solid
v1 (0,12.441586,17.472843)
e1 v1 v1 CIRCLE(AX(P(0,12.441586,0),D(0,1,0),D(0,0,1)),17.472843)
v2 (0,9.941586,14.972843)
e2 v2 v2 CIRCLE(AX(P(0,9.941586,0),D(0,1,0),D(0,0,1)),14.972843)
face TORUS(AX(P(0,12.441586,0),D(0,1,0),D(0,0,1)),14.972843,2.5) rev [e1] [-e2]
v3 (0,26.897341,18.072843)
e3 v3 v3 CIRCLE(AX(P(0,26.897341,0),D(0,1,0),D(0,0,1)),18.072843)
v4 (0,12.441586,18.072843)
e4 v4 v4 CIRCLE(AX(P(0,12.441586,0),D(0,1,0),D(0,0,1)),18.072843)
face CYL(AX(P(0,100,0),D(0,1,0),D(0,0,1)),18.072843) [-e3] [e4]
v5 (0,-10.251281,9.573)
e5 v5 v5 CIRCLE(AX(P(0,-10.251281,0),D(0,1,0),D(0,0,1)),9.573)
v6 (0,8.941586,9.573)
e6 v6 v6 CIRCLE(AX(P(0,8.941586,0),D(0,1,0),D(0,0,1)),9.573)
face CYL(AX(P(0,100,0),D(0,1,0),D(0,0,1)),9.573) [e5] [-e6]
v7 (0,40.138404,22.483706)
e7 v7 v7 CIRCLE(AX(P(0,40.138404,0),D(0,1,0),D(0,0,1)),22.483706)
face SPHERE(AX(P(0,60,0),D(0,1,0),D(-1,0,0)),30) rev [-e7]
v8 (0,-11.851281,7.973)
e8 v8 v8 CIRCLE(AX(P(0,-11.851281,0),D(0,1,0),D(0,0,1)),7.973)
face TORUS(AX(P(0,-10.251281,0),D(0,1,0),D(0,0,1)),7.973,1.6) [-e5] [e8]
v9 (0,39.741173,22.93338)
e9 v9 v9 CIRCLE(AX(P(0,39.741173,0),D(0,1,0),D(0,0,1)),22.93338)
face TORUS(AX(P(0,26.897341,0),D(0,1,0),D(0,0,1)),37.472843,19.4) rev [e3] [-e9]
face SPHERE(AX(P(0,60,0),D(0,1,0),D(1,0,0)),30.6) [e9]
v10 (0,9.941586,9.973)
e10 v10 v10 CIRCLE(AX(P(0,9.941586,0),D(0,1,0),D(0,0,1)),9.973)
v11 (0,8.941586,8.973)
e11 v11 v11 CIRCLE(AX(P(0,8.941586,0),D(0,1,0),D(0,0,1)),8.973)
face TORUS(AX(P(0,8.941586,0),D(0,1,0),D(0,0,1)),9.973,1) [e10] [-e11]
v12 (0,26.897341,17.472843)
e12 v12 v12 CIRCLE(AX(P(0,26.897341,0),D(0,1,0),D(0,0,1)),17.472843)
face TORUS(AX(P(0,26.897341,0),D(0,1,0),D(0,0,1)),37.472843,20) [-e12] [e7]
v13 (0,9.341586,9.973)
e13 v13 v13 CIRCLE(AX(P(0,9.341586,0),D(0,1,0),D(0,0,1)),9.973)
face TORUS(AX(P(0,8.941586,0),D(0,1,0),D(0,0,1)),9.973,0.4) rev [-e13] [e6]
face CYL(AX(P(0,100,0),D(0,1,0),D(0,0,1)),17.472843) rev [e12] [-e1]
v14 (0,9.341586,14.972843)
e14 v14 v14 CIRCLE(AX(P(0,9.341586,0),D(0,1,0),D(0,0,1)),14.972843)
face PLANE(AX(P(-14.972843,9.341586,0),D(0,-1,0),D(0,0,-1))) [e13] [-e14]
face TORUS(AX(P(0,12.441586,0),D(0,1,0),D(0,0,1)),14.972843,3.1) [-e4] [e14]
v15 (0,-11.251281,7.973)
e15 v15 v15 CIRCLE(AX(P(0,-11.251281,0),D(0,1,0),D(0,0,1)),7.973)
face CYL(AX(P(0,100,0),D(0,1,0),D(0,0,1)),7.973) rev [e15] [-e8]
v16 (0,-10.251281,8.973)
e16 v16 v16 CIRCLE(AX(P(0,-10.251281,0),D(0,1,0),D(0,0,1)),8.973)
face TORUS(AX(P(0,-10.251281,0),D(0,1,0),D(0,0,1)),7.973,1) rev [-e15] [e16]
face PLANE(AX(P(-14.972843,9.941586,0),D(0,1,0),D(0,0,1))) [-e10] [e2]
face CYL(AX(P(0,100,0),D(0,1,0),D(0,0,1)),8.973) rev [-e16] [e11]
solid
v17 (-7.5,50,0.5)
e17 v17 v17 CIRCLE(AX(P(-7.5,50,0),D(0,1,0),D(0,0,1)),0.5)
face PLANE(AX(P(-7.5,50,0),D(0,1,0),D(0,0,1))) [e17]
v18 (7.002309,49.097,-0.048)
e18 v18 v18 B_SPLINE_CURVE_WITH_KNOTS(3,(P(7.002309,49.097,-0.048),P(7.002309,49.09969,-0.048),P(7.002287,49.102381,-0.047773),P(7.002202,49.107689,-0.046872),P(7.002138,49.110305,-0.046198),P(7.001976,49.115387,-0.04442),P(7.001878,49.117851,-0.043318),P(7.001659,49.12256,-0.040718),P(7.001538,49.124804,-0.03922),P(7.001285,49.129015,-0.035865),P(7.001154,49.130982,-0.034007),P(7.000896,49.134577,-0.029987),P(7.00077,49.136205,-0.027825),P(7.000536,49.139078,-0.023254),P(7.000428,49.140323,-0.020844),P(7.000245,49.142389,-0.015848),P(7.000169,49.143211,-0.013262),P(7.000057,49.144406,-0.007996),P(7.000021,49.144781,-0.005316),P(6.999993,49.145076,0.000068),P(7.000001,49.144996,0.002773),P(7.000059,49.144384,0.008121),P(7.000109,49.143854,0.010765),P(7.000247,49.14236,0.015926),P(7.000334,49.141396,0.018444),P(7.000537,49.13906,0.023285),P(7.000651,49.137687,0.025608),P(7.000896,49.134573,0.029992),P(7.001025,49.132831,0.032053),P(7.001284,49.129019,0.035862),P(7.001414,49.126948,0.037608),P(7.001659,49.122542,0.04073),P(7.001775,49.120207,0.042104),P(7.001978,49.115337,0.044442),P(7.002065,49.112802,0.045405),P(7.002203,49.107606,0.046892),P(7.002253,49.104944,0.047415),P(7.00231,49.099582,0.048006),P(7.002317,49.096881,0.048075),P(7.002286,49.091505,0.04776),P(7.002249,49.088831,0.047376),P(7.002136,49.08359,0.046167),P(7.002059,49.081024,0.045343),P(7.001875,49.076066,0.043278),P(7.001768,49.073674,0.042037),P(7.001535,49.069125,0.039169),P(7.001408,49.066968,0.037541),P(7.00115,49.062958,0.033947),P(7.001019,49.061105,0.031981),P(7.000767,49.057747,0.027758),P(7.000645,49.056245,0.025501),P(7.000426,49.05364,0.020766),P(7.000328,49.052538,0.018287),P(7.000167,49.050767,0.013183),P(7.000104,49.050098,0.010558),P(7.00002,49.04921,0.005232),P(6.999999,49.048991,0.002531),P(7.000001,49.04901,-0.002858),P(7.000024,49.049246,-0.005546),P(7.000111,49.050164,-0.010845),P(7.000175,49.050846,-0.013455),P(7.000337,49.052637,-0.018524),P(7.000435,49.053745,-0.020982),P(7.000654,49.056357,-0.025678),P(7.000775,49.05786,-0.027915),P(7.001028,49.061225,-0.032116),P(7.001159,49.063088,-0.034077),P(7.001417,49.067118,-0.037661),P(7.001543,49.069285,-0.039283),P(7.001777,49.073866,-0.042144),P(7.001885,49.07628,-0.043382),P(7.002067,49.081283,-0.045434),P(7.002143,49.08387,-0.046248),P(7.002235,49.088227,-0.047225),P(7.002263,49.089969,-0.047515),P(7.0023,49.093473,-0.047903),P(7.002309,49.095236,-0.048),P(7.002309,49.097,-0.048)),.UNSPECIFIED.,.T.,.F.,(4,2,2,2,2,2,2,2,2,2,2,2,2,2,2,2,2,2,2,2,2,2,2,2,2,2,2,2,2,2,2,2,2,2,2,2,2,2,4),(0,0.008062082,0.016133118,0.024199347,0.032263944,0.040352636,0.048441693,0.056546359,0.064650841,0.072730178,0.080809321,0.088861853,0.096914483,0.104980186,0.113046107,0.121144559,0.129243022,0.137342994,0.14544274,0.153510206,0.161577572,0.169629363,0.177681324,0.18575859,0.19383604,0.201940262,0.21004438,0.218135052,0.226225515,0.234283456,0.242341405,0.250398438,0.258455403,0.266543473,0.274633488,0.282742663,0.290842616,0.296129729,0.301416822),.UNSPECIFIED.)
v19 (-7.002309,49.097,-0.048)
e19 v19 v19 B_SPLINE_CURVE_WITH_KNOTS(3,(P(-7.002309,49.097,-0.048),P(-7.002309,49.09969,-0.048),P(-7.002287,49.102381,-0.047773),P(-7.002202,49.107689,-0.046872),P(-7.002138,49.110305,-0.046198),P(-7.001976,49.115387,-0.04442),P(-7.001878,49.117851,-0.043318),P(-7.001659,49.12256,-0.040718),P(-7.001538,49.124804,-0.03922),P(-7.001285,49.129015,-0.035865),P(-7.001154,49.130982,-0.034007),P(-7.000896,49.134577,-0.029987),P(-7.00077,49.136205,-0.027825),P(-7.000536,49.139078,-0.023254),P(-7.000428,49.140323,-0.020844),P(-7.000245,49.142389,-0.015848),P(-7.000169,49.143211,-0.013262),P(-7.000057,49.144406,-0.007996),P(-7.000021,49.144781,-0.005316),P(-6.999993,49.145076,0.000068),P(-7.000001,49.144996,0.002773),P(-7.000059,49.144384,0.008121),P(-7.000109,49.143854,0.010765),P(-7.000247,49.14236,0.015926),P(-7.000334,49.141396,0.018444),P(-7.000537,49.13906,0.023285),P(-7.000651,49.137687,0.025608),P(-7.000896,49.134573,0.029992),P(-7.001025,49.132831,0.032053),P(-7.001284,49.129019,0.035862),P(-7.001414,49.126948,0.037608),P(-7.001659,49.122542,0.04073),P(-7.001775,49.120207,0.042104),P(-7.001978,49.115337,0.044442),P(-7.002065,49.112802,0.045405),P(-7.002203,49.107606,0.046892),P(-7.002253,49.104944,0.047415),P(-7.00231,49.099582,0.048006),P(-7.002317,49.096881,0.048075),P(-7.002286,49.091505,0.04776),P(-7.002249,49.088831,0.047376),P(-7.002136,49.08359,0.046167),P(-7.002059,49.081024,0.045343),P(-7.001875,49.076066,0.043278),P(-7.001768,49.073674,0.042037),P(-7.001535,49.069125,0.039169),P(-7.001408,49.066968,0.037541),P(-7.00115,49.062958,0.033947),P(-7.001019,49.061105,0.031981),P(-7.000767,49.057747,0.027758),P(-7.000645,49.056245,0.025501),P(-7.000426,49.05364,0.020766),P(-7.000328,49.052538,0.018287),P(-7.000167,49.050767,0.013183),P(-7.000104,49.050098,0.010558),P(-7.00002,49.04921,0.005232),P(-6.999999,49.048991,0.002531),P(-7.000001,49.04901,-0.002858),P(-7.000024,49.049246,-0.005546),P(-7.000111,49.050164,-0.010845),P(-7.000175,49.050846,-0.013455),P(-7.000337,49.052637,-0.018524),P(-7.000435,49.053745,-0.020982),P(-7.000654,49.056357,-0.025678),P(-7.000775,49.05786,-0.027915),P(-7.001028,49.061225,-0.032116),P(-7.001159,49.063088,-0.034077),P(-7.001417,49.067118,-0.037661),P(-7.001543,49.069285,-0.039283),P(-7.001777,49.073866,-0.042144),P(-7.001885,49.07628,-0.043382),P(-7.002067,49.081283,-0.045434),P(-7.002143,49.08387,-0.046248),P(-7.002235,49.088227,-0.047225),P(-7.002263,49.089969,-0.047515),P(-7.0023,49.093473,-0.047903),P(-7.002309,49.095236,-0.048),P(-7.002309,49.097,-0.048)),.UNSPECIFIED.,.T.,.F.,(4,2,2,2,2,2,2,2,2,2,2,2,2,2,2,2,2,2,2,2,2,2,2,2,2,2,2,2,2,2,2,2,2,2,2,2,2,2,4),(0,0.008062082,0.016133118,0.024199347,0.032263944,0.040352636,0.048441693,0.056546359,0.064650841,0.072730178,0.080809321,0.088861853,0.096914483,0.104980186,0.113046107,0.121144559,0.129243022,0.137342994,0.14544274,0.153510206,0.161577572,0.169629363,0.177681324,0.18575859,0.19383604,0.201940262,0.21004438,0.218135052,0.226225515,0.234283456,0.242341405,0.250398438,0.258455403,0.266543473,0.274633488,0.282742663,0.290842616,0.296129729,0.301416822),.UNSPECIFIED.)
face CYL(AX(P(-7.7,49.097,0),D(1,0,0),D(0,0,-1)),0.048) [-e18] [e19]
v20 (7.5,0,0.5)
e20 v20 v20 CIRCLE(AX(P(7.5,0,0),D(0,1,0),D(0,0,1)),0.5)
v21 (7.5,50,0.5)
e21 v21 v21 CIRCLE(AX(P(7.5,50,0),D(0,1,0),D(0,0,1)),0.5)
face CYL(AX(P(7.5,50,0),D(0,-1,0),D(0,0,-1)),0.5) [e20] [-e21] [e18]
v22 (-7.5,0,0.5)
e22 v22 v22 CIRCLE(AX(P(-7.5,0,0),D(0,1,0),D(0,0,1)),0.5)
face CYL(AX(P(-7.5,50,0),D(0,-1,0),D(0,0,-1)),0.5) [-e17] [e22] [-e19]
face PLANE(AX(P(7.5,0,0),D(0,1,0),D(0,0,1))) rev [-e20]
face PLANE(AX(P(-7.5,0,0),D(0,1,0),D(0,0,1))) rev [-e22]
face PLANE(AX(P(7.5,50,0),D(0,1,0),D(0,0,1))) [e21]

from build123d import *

# Parameters (mm, degrees)
SKETCH1_R                = 0.5
BOSS_EXTRUDE1_DEPTH      = 50
SKETCH2_R                = 0.5
BOSS_EXTRUDE2_DEPTH      = 50
BOSS_EXTRUDE3_DEPTH      = 7.7
BOSS_EXTRUDE3_DEPTH_BACK = 7.7
SKETCH3_R                = 0.048


with BuildPart() as part:
    # Sketch1 → Boss-Extrude1 (new body)
    with BuildSketch(Plane(origin=(0, 0, 0), x_dir=(1, 0, 0), z_dir=(0, 1, 0))):
        with Locations((7.5, 0)):
            Circle(SKETCH1_R)
    extrude(amount=BOSS_EXTRUDE1_DEPTH)



with BuildPart() as body_2:
    # Sketch2 → Boss-Extrude2 (new body)
    with BuildSketch(Plane(origin=(0, 0, 0), x_dir=(1, 0, 0), z_dir=(0, 1, 0))):
        with Locations((-7.5, 0)):
            Circle(SKETCH2_R)
    extrude(amount=BOSS_EXTRUDE2_DEPTH)


with BuildPart() as part_1:
    add(part.part)

    add(body_2.part)  # Boss-Extrude3 merges body 2
    # Sketch3 → Boss-Extrude3 (add, two sides: drawn at the far end of the back side and taken through both)
    with BuildSketch(Plane(origin=(0, 0, 0), x_dir=(0, 0, -1), z_dir=(1, 0, 0)).offset(-BOSS_EXTRUDE3_DEPTH_BACK)):
        with Locations((0, 49.097)):
            Circle(SKETCH3_R)
    extrude(amount=BOSS_EXTRUDE3_DEPTH + BOSS_EXTRUDE3_DEPTH_BACK)


with BuildPart() as body_2_2:
    # Sketch4 → Revolve1 (revolve)
    with BuildSketch(Plane.XY):
        with BuildLine():
            Line((-14.972842796, 9.941586391), (-9.973, 9.941586391))
            ThreePointArc((-9.973, 9.941586391), (-9.265893219, 9.648693172), (-8.973, 8.941586391))
            Line((-8.973, 8.941586391), (-8.973, -10.251281))
            ThreePointArc((-8.973, -10.251281), (-8.680106781, -10.958387781), (-7.973, -11.251281))
            Line((-7.973, -11.251281), (-7.973, -11.851281))
            ThreePointArc((-7.973, -11.851281), (-9.10437085, -11.38265185), (-9.573, -10.251281))
            Line((-9.573, -10.251281), (-9.573, 8.941586391))
            ThreePointArc((-9.573, 8.941586391), (-9.690157288, 9.224429103), (-9.973, 9.341586391))
            Line((-9.973, 9.341586391), (-14.972842796, 9.341586391))
            ThreePointArc((-14.972842796, 9.341586391), (-17.164873817, 10.249555369), (-18.072842796, 12.441586391))
            Line((-18.072842796, 12.441586391), (-18.072842796, 26.897340699))
            ThreePointArc((-18.072842796, 26.897340699), (-19.328620819, 33.763723215), (-22.933379791, 39.741172508))
            ThreePointArc((-22.933379791, 39.741172508), (-27.895161957, 72.578550766), (0, 90.6))
            Line((0, 90.6), (0, 90))
            ThreePointArc((0, 90), (-27.348197998, 72.331912515), (-22.483705677, 40.138404419))
            ThreePointArc((-22.483705677, 40.138404419), (-18.767459314, 33.976085561), (-17.472842796, 26.897340699))
            Line((-17.472842796, 26.897340699), (-17.472842796, 12.441586391))
            ThreePointArc((-17.472842796, 12.441586391), (-16.740609749, 10.673819438), (-14.972842796, 9.941586391))
        make_face()
    revolve(axis=Axis((0, 100, 0), (0, -1, 0)))


solid = Compound([part_1.part, body_2_2.part])
